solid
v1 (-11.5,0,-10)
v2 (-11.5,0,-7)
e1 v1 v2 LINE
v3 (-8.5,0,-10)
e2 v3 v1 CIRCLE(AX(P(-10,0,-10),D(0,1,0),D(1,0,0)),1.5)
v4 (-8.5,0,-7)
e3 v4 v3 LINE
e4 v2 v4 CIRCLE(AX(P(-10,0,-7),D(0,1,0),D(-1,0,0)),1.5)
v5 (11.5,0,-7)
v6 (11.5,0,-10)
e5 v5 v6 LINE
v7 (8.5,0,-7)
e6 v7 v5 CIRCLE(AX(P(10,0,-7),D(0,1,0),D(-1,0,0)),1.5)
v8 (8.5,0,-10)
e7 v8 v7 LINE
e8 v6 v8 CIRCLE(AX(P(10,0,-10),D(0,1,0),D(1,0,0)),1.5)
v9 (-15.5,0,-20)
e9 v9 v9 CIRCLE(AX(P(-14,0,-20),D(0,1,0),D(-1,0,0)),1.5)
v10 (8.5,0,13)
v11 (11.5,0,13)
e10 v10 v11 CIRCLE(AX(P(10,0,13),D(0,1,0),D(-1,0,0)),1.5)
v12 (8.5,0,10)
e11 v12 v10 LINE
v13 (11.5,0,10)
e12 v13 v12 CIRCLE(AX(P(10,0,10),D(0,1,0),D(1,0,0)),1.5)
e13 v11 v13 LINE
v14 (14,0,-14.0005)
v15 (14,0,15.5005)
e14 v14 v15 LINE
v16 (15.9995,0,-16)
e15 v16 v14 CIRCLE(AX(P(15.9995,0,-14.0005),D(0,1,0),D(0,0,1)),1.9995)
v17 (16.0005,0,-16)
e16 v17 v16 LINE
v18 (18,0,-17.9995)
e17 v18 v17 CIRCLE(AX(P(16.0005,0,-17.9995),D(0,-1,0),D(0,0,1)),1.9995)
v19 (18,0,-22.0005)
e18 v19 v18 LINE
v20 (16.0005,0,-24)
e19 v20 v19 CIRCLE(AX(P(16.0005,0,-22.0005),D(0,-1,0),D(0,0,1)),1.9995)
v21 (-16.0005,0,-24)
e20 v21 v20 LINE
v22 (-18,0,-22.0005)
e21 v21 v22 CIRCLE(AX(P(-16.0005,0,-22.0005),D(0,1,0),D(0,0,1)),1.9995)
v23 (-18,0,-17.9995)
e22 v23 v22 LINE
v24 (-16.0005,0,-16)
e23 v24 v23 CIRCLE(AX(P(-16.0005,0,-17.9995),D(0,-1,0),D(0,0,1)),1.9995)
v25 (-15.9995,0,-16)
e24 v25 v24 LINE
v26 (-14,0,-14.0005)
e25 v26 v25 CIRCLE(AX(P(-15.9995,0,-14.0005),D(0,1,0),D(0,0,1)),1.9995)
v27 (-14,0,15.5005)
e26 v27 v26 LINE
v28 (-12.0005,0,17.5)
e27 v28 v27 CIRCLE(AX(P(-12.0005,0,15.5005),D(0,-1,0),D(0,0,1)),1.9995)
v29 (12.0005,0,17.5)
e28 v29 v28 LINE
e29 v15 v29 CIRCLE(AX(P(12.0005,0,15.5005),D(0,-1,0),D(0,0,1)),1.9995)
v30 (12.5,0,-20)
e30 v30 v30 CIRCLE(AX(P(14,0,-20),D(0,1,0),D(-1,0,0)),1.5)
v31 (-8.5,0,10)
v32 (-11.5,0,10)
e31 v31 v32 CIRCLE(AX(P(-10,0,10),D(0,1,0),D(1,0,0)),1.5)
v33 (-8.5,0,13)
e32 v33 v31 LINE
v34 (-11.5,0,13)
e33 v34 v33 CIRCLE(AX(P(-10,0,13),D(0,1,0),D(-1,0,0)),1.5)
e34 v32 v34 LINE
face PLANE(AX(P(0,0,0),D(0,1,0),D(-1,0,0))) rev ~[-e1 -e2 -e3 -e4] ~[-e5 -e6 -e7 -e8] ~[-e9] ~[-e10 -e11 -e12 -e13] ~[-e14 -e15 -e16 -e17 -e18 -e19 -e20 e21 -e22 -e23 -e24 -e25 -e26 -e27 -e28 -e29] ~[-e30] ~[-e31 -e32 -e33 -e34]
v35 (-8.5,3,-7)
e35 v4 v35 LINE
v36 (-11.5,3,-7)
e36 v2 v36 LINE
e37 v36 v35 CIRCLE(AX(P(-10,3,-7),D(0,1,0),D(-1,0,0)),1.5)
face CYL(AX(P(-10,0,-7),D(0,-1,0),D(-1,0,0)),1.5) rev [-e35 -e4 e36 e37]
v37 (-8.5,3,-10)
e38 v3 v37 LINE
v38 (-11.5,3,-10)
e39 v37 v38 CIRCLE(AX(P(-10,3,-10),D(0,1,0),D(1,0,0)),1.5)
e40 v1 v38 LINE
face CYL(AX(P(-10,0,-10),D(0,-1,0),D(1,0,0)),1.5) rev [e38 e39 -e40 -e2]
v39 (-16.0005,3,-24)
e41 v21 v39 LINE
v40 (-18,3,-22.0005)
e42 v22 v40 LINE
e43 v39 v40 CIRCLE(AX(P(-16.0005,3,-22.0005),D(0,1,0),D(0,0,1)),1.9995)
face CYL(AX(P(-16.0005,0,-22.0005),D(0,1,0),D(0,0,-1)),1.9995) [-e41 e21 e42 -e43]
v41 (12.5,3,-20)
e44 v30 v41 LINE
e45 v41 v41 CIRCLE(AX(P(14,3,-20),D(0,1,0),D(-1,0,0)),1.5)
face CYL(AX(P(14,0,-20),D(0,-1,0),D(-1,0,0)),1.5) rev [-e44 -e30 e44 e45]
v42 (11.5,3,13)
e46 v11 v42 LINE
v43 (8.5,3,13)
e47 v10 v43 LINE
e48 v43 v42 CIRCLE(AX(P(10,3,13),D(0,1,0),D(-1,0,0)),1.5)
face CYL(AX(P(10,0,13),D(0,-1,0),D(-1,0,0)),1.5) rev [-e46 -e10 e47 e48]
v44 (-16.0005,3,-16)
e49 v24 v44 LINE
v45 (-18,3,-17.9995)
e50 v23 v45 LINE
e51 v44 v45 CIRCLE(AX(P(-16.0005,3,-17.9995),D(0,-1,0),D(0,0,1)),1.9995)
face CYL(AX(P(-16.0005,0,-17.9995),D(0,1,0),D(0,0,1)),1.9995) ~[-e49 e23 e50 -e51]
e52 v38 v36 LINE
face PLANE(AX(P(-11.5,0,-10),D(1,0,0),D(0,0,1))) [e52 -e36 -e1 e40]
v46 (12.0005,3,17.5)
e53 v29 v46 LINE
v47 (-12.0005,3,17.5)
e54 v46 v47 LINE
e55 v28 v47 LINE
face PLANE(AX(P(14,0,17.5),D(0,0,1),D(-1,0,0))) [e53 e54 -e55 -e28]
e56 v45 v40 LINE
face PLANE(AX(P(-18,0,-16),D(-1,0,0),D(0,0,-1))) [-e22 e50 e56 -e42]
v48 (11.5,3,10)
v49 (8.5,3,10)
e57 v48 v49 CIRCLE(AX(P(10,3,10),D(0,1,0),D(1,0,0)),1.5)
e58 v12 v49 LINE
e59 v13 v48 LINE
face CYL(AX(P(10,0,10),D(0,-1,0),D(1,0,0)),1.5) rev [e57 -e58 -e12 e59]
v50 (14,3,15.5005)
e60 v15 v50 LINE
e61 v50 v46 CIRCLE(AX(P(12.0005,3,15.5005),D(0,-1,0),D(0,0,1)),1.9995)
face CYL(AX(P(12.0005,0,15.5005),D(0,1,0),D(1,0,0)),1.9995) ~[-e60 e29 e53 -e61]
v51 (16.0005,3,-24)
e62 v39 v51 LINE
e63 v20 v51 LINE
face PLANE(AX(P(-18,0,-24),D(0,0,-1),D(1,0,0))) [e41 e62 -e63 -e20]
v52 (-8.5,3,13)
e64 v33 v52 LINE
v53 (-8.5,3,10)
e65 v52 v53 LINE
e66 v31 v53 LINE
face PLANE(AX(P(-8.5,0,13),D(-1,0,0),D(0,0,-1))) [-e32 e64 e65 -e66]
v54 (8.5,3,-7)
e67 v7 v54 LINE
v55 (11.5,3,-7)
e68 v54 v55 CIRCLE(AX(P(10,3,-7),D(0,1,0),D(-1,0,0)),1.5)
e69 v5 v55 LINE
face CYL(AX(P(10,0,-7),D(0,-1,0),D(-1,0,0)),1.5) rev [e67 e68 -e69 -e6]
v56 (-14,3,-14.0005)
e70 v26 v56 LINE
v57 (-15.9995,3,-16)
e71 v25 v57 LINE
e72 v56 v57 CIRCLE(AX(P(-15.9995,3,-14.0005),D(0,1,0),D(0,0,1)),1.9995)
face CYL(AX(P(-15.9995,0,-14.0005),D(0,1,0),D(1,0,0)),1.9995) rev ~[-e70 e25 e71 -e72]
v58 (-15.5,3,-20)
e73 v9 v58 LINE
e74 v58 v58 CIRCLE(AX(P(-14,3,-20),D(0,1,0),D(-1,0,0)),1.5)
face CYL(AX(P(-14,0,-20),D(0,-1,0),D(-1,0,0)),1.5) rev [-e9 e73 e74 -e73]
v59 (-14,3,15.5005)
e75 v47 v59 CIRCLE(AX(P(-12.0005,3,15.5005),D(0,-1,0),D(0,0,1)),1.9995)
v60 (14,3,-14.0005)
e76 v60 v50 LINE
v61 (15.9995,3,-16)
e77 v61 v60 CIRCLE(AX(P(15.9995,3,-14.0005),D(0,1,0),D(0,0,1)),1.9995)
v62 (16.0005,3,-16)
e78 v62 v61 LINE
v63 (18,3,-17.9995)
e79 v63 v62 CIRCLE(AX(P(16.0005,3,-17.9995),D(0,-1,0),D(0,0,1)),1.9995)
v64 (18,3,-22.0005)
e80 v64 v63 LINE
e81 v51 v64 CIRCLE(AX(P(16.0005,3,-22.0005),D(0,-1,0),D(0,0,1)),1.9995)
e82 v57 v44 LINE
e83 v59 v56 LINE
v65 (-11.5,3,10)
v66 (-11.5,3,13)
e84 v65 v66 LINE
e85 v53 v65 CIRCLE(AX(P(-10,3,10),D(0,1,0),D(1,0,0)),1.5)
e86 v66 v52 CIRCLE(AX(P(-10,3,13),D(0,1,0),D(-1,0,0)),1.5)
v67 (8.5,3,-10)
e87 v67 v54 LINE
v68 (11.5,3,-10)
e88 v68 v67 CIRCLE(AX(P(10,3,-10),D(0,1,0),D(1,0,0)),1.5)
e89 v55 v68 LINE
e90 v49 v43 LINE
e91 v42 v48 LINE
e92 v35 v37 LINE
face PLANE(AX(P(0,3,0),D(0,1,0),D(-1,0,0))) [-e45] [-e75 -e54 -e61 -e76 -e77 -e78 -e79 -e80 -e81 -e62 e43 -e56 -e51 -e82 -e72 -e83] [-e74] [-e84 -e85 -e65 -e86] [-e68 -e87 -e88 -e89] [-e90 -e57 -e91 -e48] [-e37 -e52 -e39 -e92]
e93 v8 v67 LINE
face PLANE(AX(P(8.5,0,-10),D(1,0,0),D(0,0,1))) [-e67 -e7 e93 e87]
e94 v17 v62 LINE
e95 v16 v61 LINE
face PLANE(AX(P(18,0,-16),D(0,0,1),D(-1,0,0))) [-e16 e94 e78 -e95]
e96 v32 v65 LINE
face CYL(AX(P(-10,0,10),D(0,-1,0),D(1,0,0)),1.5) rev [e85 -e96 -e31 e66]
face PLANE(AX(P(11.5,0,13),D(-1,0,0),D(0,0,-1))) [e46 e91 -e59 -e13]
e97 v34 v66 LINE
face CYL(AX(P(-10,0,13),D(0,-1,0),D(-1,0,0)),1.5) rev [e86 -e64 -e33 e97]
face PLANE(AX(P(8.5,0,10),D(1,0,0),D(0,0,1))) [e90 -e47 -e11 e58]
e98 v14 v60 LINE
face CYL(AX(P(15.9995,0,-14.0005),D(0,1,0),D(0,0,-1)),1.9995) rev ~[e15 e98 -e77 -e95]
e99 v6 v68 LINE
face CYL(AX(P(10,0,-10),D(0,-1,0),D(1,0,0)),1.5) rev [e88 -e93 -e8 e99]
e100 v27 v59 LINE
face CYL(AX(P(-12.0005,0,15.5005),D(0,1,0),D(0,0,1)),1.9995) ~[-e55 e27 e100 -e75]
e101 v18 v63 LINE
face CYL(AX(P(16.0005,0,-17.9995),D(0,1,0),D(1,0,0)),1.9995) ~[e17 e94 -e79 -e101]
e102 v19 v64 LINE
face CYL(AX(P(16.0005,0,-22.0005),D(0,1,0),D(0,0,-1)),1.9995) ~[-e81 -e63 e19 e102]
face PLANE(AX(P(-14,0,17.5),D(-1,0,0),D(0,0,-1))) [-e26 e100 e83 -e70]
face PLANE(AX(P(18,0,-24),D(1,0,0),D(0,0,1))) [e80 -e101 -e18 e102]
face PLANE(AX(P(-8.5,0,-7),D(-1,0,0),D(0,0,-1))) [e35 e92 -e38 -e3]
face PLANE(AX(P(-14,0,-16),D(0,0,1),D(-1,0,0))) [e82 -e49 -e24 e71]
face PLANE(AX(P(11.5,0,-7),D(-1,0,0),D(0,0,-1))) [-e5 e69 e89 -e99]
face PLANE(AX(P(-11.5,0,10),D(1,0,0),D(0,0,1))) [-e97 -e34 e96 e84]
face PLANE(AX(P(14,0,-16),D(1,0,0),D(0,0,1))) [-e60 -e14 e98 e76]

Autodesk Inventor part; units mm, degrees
ref_plane "YZ Plane" through (0, 0, 0) normal (1, 0, 0) x (0, 1, 0)
ref_plane "XZ Plane" through (0, 0, 0) normal (0, 1, 0) x (-1, 0, 0)
ref_plane "XY Plane" through (0, 0, 0) normal (0, 0, 1) x (1, 0, 0)
sketch "Sketch1" plane through (0, 0, 0) normal (0, 1, 0) x (-1, 0, 0)
  line L0 (10, -10) -> (-10, -10) construction
  line L1 (-10, -10) -> (-10, 10) construction
  line L2 (-10, 10) -> (10, 10) construction
  line L3 (10, 10) -> (10, -10) construction
  line L4 (10, -10) -> (-10, 10) construction
  line L5 (-10, -10) -> (10, 10) construction
  line L6 (10, -10) -> (10, -7) construction
  line L7 (11.5, -10) -> (11.5, -7)
  line L8 (8.5, -7) -> (8.5, -10)
  arc A0 (8.5, -10) -> (11.5, -10) centre (10, -10) ccw
  arc A1 (11.5, -7) -> (8.5, -7) centre (10, -7) ccw
  line L9 (-10, -10) -> (-10, -7) construction
  line L10 (-8.5, -10) -> (-8.5, -7)
  line L11 (-11.5, -7) -> (-11.5, -10)
  arc A2 (-11.5, -10) -> (-8.5, -10) centre (-10, -10) ccw
  arc A3 (-8.5, -7) -> (-11.5, -7) centre (-10, -7) ccw
  line L12 (10, 10) -> (10, 13) construction
  line L13 (11.5, 10) -> (11.5, 13)
  line L14 (8.5, 13) -> (8.5, 10)
  arc A4 (8.5, 10) -> (11.5, 10) centre (10, 10) ccw
  arc A5 (11.5, 13) -> (8.5, 13) centre (10, 13) ccw
  line L15 (-10, 10) -> (-10, 13) construction
  line L16 (-8.5, 10) -> (-8.5, 13)
  line L17 (-11.5, 13) -> (-11.5, 10)
  arc A6 (-11.5, 10) -> (-8.5, 10) centre (-10, 10) ccw
  arc A7 (-8.5, 13) -> (-11.5, 13) centre (-10, 13) ccw
  circle A8 centre (14, -20) radius 1.5
  circle A9 centre (-14, -20) radius 1.5
  line L18 (14, -20) -> (-14, -20) construction
  line L19 (18, -24) -> (-18, -24)
  line L20 (-18, -24) -> (-18, -16)
  line L21 (-18, -16) -> (-14, -16)
  line L22 (-14, -16) -> (-14, 17.5)
  line L23 (-14, 17.5) -> (14, 17.5)
  line L24 (14, 17.5) -> (14, -16)
  line L25 (14, -16) -> (18, -16)
  line L26 (18, -16) -> (18, -24)
  point P0 (0, 0)
  point P1 (10, -8.5)
  point P2 (-10, -8.5)
  point P3 (10, 11.5)
  point P4 (-10, 11.5)
  point P5 (0, -20)
  point P6 (0, 0)
  point P7 (0, -24)
  dimension "d0" = 20
  dimension "d1" = 20
  dimension "d2" = 3
  dimension "d3" = 3
  dimension "d4" = 3
  dimension "d5" = 3
  dimension "d6" = 3
  dimension "d7" = 3
  dimension "d8" = 3
  dimension "d9" = 3
  dimension "d10" = 3
  dimension "d11" = 10
  dimension "d12" = 28
  dimension "d13" = 4
  dimension "d15" = 4
  dimension "d16" = 4
  dimension "d17" = 36
  dimension "d18" = 3
extrude "Extrusion1" add sketch "Sketch1" along normal blind 3
fillet "Fillet1" radius 2 8 edges at (14, 1.5, -16) (14, 1.5, 17.5) (-14, 1.5, 17.5) (-14, 1.5, -16) (-18, 1.5, -16) (-18, 1.5, -24) (18, 1.5, -24) (18, 1.5, -16)
properties part number "SecondaryEncoderPCBMount" material "ABS Plastic"
